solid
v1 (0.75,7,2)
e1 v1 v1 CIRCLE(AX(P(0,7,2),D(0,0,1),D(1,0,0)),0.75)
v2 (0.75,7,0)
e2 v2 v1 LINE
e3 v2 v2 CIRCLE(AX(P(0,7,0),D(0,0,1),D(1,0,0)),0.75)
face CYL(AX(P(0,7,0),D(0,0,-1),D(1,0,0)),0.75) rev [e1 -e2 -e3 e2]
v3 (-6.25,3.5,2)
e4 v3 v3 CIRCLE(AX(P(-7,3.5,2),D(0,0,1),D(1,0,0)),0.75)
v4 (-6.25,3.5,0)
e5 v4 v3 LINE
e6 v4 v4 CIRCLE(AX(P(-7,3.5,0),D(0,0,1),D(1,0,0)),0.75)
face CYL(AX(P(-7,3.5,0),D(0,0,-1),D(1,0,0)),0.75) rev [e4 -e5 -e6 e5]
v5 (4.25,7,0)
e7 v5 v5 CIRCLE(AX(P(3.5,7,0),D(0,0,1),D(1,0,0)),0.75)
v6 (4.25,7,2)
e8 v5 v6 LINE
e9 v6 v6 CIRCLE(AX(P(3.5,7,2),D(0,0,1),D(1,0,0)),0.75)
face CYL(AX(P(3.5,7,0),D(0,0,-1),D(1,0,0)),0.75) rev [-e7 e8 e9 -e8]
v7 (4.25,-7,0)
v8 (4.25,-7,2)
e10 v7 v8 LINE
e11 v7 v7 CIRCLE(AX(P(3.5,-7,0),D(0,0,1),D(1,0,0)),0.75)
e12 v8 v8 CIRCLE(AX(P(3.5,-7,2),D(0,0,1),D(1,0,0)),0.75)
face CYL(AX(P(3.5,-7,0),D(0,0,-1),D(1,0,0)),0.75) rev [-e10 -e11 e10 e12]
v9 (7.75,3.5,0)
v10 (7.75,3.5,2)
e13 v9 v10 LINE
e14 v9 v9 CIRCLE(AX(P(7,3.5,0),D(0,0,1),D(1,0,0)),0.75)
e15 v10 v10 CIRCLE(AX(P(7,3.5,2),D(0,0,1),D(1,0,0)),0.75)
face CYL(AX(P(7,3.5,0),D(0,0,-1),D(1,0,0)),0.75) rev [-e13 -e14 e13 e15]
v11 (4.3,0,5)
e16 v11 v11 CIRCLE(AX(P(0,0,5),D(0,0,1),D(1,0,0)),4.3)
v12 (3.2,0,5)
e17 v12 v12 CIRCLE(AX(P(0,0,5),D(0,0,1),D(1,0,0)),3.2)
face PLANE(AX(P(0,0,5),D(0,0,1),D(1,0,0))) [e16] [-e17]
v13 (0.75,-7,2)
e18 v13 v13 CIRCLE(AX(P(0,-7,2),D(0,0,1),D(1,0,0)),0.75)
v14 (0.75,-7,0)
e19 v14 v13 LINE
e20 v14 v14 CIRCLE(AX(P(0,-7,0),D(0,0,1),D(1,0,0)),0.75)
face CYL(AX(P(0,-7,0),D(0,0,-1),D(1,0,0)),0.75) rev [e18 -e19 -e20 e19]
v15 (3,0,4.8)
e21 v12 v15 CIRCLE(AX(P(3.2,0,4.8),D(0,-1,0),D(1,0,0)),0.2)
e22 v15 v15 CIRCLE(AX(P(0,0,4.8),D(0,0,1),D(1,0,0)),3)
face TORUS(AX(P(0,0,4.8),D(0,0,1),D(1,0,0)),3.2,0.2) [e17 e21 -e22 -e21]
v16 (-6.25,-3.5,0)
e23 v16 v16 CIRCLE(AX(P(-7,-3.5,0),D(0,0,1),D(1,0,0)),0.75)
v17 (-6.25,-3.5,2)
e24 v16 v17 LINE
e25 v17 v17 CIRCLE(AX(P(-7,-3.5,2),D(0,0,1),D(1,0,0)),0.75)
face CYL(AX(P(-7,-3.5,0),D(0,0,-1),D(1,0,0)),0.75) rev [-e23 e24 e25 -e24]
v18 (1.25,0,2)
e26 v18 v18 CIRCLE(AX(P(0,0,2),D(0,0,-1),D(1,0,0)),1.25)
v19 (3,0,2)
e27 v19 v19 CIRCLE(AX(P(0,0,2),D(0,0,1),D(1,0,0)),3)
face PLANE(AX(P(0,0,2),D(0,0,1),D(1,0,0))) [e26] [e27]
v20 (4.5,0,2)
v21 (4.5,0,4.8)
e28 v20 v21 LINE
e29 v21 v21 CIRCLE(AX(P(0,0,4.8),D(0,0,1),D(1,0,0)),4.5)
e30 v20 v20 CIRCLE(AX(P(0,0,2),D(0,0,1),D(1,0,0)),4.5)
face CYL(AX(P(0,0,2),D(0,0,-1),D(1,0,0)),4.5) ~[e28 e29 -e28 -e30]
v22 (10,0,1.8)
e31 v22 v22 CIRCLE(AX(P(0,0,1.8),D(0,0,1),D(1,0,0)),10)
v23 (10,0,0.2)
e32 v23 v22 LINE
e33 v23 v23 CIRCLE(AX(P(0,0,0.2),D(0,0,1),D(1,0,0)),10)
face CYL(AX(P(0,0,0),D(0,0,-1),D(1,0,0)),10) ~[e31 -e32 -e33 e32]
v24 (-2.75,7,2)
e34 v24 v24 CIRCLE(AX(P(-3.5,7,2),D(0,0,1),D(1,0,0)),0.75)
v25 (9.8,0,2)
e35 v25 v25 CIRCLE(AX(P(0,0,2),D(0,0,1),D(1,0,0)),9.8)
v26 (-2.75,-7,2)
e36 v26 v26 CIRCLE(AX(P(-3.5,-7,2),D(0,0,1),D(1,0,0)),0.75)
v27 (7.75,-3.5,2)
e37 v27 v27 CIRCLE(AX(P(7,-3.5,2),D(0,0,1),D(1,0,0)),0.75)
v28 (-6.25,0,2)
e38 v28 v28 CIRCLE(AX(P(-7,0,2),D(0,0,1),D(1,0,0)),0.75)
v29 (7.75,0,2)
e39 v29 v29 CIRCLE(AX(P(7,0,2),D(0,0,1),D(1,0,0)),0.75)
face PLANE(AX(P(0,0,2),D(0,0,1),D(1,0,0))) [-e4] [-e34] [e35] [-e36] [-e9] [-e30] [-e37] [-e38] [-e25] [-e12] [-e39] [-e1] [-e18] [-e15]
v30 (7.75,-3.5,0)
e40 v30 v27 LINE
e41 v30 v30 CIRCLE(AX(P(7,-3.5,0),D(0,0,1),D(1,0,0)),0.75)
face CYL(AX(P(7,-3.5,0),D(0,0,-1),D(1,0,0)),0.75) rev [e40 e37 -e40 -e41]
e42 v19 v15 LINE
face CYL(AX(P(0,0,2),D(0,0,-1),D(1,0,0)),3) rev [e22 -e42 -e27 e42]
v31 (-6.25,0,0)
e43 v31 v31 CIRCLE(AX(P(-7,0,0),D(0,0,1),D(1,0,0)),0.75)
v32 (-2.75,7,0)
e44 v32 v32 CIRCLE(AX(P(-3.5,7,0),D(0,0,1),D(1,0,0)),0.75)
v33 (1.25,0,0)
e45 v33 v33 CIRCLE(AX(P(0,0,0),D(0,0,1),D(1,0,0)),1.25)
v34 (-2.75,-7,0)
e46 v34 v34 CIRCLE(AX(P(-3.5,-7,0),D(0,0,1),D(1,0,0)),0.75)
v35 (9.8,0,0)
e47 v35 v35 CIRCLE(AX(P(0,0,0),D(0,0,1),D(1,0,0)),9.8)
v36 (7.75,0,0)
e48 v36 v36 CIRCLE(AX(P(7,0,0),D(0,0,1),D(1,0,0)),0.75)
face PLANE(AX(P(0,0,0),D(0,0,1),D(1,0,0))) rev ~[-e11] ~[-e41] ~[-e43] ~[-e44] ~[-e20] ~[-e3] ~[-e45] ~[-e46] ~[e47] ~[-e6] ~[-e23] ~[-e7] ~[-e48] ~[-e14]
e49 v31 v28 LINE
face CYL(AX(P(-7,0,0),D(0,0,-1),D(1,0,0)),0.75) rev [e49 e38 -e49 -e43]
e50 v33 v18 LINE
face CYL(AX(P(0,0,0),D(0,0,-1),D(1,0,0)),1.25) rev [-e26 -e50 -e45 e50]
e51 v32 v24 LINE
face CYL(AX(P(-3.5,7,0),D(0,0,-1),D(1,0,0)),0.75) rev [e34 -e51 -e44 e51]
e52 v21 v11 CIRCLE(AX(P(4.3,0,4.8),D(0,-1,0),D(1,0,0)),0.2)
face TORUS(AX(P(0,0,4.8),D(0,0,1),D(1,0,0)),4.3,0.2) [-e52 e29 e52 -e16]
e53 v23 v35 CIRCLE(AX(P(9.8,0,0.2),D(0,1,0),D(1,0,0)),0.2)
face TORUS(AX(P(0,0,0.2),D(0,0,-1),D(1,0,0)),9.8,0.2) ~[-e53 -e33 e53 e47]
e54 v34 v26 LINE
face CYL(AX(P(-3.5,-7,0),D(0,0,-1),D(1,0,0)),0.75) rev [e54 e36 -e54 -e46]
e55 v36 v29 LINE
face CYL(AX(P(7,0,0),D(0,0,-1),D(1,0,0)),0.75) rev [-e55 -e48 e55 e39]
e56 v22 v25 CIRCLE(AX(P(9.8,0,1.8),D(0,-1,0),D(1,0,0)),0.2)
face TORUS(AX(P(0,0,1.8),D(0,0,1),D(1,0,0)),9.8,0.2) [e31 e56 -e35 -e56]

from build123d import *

# Parameters (mm, degrees)
SKETCH_R      = 10
SKETCH_R_2    = 0.75
PAD_DEPTH     = 2
SKETCH001_R   = 4.5
SKETCH001_R_2 = 3
PAD001_DEPTH  = 3
SKETCH003_R   = 1.25
POCKET_DEPTH  = 5
FILLET_R      = 0.2


with BuildPart() as part:
    # Sketch → Pad (new body)
    with BuildSketch(Plane.XY):
        Circle(SKETCH_R)
        with Locations((0, 7)):
            Circle(SKETCH_R_2, mode=Mode.SUBTRACT)
        with Locations((3.5, 7)):
            Circle(SKETCH_R_2, mode=Mode.SUBTRACT)
        with Locations((-3.5, 7)):
            Circle(SKETCH_R_2, mode=Mode.SUBTRACT)
        with Locations((-7, 3.5)):
            Circle(SKETCH_R_2, mode=Mode.SUBTRACT)
        with Locations((-7, 0)):
            Circle(SKETCH_R_2, mode=Mode.SUBTRACT)
        with Locations((-7, -3.5)):
            Circle(SKETCH_R_2, mode=Mode.SUBTRACT)
        with Locations((7, 3.5)):
            Circle(SKETCH_R_2, mode=Mode.SUBTRACT)
        with Locations((7, 0)):
            Circle(SKETCH_R_2, mode=Mode.SUBTRACT)
        with Locations((7, -3.5)):
            Circle(SKETCH_R_2, mode=Mode.SUBTRACT)
        with Locations((0, -7)):
            Circle(SKETCH_R_2, mode=Mode.SUBTRACT)
        with Locations((3.5, -7)):
            Circle(SKETCH_R_2, mode=Mode.SUBTRACT)
        with Locations((-3.5, -7)):
            Circle(SKETCH_R_2, mode=Mode.SUBTRACT)
    extrude(amount=PAD_DEPTH)

    # Sketch001 (on Face15 of Pad) → Pad001 (join)
    with BuildSketch(Plane.XY.offset(2)):
        Circle(SKETCH001_R)
        Circle(SKETCH001_R_2, mode=Mode.SUBTRACT)
    extrude(amount=PAD001_DEPTH)

    # Sketch003 → Pocket (cut)
    with BuildSketch(Plane.XY):
        Circle(SKETCH003_R)
    extrude(amount=POCKET_DEPTH, mode=Mode.SUBTRACT)

    # Fillet
    fillet_edges = [part.edges().sort_by_distance(p)[0] for p in [
        (-10, 0, 0),
        (-10, 0, 2),
        (-4.5, 0, 5),
        (-3, 0, 5),
    ]]
    fillet(fillet_edges, radius=FILLET_R)


solid = part.part
